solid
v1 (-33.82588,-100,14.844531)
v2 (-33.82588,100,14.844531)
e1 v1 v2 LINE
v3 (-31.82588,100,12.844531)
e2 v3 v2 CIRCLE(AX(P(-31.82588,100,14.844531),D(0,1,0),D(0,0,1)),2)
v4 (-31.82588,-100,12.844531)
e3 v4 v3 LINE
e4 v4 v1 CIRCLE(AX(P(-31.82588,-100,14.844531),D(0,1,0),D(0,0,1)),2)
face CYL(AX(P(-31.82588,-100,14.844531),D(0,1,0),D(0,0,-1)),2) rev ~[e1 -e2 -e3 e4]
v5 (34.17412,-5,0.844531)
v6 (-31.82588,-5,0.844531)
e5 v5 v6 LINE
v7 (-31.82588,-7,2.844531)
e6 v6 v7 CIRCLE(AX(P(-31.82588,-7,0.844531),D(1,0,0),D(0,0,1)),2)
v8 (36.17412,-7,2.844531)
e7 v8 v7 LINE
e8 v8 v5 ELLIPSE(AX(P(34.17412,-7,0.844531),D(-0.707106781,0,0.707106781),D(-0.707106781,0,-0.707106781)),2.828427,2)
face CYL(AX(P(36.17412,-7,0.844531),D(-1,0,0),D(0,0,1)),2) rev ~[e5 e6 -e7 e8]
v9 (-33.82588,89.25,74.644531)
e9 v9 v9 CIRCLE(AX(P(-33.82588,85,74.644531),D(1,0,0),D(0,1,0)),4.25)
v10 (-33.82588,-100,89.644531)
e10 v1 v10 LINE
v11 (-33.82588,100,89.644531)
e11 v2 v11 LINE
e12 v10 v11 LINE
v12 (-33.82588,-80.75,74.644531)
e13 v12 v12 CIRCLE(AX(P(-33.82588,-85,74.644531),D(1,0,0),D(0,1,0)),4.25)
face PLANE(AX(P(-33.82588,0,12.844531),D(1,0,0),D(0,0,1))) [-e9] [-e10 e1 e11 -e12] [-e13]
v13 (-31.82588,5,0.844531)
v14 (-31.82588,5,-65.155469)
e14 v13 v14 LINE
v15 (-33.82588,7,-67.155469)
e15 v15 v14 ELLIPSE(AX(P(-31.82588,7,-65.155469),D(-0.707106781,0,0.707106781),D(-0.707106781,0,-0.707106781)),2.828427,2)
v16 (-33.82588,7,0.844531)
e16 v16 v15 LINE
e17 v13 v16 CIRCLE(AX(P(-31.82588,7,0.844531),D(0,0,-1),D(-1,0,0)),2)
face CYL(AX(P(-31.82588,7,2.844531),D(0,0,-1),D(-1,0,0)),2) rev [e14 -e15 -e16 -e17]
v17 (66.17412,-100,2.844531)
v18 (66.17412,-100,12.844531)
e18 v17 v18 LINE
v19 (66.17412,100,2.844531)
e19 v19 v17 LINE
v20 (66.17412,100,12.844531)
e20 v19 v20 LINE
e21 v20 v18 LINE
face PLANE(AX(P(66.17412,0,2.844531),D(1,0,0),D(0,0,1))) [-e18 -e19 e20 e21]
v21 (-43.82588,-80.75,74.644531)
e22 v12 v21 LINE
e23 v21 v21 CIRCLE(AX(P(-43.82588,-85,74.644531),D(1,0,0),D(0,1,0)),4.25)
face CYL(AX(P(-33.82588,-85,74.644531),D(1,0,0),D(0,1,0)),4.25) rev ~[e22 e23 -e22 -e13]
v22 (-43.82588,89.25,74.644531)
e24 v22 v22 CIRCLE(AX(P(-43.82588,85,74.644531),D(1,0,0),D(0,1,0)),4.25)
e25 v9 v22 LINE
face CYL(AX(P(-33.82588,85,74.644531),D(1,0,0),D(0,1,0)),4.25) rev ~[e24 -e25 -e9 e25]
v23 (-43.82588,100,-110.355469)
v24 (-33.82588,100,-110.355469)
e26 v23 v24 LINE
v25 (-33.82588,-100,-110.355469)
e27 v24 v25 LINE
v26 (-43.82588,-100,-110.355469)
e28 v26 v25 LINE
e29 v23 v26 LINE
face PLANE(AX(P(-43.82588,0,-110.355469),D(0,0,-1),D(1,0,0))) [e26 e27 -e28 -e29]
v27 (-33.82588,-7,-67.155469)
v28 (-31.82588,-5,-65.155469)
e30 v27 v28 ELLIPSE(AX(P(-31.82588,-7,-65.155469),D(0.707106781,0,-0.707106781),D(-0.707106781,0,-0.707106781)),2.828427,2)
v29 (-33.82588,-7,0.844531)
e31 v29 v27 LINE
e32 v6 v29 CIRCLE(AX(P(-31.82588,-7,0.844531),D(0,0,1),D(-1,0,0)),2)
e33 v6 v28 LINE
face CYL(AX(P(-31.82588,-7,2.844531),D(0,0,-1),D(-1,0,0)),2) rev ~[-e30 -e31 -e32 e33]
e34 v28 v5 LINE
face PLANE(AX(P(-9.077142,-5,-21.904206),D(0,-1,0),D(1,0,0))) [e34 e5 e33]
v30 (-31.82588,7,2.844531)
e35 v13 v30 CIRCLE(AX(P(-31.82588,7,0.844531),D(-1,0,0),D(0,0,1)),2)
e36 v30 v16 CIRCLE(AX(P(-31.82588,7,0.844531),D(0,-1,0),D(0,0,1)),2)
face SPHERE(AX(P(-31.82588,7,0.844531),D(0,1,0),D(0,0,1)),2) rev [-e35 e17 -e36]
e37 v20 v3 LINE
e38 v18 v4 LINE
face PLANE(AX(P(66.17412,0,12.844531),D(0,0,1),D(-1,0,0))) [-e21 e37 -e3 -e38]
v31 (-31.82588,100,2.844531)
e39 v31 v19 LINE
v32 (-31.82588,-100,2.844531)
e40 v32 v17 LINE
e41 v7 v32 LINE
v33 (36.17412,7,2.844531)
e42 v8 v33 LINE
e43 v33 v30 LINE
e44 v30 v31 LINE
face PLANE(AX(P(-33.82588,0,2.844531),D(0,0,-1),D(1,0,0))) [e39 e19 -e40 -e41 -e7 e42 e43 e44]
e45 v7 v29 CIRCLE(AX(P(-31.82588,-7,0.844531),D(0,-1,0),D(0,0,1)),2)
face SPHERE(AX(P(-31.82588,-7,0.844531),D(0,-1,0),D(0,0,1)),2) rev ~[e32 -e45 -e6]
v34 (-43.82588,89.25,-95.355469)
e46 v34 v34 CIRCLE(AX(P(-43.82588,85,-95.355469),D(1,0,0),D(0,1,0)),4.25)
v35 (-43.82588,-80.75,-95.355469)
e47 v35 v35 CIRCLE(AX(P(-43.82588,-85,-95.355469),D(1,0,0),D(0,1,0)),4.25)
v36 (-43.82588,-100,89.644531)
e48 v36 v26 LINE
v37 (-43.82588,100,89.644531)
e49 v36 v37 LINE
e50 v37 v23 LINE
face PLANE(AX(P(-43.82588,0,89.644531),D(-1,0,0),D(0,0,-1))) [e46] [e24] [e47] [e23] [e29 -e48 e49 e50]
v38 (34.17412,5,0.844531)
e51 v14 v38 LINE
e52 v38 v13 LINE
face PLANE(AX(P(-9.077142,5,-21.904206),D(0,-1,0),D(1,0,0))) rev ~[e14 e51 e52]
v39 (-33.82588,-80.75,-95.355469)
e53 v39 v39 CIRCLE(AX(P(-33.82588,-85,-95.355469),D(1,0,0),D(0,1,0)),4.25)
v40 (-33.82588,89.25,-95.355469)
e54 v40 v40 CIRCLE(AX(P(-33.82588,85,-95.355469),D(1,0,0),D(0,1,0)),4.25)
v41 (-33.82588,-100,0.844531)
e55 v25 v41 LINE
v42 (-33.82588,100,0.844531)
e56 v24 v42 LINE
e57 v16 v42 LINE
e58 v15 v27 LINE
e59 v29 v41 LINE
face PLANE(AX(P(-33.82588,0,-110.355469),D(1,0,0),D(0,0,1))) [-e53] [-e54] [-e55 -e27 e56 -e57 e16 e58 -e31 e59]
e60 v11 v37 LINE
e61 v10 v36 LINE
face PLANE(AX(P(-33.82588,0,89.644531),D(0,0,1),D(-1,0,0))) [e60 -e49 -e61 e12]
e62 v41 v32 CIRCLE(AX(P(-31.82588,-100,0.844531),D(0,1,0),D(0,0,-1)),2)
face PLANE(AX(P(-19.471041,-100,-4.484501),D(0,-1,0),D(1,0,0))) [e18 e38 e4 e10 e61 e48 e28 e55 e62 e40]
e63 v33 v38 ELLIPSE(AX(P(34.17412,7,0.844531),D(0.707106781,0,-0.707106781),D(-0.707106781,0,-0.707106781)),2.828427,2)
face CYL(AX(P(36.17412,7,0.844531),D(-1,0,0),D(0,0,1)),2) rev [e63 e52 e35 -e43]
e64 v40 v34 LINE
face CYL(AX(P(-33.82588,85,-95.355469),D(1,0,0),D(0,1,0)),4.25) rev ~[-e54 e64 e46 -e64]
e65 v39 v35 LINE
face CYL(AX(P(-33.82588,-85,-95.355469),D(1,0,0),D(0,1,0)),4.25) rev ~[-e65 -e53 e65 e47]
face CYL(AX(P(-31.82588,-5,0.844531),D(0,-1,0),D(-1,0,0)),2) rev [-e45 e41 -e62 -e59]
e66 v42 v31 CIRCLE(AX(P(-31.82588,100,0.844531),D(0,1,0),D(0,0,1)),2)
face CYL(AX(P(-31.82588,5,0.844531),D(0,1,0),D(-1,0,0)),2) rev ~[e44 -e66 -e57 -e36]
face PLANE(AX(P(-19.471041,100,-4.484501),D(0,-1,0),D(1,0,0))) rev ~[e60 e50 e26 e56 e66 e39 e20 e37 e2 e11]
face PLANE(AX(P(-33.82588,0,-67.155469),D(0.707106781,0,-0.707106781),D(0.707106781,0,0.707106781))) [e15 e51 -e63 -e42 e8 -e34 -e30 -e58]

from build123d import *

# Parameters (mm, degrees)
F1_DEPTH = 5
F2_DEPTH = 5
F3_DEPTH = 100
F4_DEPTH = 100
F5_R     = 4.25
F6_DEPTH = 10
F7_R     = 2


with BuildPart() as f1:
    # F0 (on Front) → F1 (new body)
    with BuildSketch(Plane.XZ):
        Polygon((-33.825879693, 2.8445311606), (-33.825879693, -67.1554688394), (36.174120307, 2.8445311606), align=None)
    extrude(amount=F1_DEPTH)

    # F0 (on Front) → F2 (join)
    with BuildSketch(Plane.XZ):
        Polygon((-33.825879693, 2.8445311606), (-33.825879693, -67.1554688394), (36.174120307, 2.8445311606), align=None)
    extrude(amount=-F2_DEPTH)

    # F0 (on Front) → F3 (join)
    with BuildSketch(Plane.XZ):
        Polygon((-43.825879693, 89.6445311606), (-43.825879693, -110.3554688394), (-33.825879693, -110.3554688394), (-33.825879693, -67.1554688394), (-33.825879693, 2.8445311606), (36.174120307, 2.8445311606), (66.174120307, 2.8445311606), (66.174120307, 12.8445311606), (-33.825879693, 12.8445311606), (-33.825879693, 89.6445311606), align=None)
    extrude(amount=F3_DEPTH)

    # F4 (add): a face of the model
    f4_faces = [f1.faces().sort_by_distance(p)[0] for p in [
        (-41.5433372509, 0, -10.3554688394),
    ]]
    extrude(f4_faces, amount=F4_DEPTH)

    # F5 (on face) → F6 (cut)
    with BuildSketch(Plane.YZ.offset(-33.825879693)):
        with Locations((-85, -95.3554688394)):
            Circle(F5_R)
        with Locations((85, -95.3554688394)):
            Circle(F5_R)
        with Locations((85, 74.6445311606)):
            Circle(F5_R)
        with Locations((-85, 74.6445311606)):
            Circle(F5_R)
    extrude(amount=-F6_DEPTH, mode=Mode.SUBTRACT)

    # F7
    f7_edges = [f1.edges().sort_by_distance(p)[0] for p in [
        (-33.82588, -52.5, 2.844531),
        (-33.82588, 52.5, 2.844531),
        (1.17412, 5, 2.844531),
        (-33.82588, 5, -32.155469),
        (1.17412, -5, 2.844531),
        (-33.82588, -5, -32.155469),
        (-33.82588, 0, 12.844531),
    ]]
    fillet(f7_edges, radius=F7_R)


solid = f1.part
